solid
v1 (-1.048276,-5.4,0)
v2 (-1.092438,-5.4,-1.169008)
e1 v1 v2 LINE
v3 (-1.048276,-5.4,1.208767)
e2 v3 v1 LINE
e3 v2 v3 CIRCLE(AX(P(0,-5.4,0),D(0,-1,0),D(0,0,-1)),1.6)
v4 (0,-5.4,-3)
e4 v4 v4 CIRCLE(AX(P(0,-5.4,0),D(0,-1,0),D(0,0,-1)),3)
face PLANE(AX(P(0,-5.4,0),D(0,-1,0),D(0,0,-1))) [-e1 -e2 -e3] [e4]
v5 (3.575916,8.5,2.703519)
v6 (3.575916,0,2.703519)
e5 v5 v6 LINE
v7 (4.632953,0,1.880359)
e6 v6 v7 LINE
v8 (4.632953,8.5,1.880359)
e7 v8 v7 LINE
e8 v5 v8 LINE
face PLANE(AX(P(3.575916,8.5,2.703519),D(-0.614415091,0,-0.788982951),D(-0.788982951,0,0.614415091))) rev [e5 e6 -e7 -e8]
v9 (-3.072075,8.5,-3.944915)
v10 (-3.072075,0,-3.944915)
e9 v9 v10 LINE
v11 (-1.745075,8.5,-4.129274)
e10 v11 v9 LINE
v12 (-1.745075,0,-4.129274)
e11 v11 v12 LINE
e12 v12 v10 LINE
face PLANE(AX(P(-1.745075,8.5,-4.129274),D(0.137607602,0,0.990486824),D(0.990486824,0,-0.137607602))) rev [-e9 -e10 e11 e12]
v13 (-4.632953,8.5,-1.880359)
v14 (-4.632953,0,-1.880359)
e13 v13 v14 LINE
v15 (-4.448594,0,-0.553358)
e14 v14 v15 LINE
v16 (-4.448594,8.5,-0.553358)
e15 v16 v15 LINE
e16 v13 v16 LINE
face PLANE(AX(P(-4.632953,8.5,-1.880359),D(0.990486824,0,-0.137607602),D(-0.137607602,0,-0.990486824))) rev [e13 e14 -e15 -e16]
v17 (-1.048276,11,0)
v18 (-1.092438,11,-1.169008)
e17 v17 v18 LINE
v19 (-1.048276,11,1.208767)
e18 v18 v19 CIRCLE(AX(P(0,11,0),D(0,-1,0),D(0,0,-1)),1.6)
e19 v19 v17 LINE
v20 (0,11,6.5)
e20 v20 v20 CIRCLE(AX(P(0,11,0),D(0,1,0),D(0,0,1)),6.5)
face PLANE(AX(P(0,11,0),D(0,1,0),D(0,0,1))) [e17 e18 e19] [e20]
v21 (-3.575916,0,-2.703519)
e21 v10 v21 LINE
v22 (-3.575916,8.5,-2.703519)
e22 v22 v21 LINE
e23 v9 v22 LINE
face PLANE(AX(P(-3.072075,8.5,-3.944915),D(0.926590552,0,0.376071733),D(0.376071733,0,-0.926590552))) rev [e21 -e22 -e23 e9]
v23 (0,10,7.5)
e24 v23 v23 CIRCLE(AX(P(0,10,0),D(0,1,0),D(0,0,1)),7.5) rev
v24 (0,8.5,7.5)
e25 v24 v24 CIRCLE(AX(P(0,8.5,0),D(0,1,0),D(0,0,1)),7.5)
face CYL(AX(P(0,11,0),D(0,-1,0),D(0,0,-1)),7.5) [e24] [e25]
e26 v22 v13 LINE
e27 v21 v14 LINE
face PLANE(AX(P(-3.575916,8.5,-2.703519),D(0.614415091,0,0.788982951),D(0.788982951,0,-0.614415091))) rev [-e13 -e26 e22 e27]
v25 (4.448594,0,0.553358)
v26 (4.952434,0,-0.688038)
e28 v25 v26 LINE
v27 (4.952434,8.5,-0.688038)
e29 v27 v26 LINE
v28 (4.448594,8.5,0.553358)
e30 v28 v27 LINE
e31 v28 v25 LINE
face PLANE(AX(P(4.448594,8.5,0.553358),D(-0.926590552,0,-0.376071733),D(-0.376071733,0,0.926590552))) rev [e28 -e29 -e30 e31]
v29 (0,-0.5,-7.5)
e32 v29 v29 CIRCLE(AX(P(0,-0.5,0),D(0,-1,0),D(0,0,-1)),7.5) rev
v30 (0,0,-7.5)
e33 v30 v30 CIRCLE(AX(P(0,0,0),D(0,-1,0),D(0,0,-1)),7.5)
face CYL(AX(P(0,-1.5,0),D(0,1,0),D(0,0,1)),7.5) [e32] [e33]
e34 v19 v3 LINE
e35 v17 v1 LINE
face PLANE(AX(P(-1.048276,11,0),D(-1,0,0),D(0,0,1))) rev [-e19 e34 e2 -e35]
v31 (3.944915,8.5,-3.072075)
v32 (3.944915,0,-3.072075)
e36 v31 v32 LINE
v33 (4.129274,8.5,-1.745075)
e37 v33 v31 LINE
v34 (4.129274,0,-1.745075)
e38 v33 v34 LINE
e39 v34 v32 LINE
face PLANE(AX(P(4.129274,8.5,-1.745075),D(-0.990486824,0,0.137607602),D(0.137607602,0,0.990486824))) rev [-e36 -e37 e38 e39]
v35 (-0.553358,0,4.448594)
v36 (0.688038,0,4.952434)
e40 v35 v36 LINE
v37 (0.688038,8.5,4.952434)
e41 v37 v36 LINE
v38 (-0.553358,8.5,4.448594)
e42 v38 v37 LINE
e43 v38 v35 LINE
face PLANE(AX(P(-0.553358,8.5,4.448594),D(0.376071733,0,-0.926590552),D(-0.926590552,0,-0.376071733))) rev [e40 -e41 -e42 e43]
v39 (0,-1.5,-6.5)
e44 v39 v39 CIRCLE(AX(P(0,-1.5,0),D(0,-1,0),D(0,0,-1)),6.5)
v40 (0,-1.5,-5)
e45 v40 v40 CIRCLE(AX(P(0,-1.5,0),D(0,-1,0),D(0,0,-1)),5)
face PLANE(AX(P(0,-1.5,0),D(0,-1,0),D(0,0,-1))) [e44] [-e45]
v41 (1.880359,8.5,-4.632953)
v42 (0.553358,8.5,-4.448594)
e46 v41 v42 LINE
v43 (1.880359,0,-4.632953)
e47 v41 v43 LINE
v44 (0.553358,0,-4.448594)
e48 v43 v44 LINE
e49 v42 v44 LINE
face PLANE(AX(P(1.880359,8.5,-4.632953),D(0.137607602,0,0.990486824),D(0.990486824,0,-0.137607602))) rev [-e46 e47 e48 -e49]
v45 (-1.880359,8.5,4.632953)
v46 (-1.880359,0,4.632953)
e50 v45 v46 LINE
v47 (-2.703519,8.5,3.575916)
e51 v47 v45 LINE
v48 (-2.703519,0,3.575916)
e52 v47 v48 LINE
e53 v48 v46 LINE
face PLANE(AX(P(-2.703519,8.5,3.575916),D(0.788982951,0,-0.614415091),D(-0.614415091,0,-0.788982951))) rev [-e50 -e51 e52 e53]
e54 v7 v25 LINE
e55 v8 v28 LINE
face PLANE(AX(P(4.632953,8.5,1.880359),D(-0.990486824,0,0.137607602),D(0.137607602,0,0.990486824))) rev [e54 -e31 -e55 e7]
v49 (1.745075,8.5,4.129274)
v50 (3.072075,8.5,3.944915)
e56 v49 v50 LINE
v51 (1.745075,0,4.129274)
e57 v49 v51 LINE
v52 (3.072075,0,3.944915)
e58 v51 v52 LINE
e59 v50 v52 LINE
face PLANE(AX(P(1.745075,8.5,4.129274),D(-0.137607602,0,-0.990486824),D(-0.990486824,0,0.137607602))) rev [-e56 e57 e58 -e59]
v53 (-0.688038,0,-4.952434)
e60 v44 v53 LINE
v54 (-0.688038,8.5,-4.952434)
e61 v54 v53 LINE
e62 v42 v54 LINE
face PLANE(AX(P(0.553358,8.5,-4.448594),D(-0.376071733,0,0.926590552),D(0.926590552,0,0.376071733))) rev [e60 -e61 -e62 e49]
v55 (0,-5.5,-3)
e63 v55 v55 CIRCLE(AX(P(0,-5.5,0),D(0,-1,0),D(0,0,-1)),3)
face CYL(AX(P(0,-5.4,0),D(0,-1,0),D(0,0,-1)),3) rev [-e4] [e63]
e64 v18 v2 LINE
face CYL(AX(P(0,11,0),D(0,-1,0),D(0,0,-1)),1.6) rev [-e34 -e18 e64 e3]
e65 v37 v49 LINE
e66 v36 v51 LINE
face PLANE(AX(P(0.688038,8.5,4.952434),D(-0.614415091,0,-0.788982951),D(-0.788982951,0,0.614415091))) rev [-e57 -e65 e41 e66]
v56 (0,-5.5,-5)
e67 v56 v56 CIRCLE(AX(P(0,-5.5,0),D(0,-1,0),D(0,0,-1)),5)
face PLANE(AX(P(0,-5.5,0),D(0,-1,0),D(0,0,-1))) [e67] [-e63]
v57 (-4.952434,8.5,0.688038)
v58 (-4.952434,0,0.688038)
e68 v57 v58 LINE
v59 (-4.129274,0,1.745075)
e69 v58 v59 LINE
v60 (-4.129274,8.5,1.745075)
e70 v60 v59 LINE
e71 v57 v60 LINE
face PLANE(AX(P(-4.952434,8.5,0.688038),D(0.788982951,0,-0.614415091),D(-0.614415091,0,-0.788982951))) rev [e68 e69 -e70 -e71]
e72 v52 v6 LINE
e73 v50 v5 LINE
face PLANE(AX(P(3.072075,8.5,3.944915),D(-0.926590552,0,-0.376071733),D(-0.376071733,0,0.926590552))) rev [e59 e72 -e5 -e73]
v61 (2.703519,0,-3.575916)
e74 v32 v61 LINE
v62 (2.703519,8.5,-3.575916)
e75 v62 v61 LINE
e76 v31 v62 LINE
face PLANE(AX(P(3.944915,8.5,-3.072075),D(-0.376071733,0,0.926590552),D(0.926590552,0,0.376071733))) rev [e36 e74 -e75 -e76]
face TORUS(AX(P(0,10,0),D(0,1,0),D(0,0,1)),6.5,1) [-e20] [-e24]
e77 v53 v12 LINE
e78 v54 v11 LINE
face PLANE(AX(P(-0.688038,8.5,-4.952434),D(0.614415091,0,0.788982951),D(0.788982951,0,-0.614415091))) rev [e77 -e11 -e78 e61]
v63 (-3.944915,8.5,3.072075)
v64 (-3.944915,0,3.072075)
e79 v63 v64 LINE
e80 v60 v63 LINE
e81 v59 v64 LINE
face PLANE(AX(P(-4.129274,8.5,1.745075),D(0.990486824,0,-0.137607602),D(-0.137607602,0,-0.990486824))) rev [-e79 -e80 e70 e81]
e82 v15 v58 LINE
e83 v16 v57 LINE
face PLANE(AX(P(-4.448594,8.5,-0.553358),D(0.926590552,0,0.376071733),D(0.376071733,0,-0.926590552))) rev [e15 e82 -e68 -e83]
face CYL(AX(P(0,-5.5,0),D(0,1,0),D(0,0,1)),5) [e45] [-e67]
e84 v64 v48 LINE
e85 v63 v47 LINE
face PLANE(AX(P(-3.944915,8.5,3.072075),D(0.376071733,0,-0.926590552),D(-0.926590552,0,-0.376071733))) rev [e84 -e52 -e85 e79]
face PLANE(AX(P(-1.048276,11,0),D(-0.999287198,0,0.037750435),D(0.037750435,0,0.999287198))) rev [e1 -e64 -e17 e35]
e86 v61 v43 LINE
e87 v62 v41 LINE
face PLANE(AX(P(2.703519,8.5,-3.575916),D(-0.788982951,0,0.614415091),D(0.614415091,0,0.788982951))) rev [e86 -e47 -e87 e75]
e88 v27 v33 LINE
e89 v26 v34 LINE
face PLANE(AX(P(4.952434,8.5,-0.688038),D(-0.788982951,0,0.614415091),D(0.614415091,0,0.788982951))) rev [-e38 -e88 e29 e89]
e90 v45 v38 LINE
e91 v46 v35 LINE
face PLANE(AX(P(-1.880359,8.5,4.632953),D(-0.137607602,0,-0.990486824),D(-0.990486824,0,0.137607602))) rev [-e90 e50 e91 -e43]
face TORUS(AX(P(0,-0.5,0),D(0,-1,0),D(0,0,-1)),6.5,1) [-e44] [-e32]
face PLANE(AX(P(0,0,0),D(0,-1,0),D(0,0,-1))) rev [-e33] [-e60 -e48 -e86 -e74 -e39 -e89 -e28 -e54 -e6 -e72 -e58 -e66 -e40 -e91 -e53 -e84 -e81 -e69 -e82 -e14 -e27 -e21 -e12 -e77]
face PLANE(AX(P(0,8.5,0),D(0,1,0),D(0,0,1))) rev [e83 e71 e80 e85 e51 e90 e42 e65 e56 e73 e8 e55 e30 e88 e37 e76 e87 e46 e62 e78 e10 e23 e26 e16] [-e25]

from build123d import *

# Parameters (mm, degrees)
BOSS_EXTRU_2_DEPTH      = 8.5
ESQUISSE2_R             = 7.5
BOSS_EXTRU_3_DEPTH      = 2.5
BOSS_EXTRU_4_START      = 1.5
ESQUISSE3_R             = 7.5
BOSS_EXTRU_4_DEPTH      = 1.5
ESQUISSE4_R             = 5
BOSS_EXTRU_5_DEPTH      = 4
ESQUISSE6_R             = 3
ENL_V_MAT_EXTRU_2_DEPTH = 0.1
CONG_4_R                = 1
ENL_V_MAT_EXTRU_3_DEPTH = 20.531001075


with BuildPart() as part:
    # Esquisse1 → Boss.-Extru.2 (new body)
    with BuildSketch(Plane(origin=(0, 0, 0), x_dir=(1, 0, 0), z_dir=(0, 1, 0))):
        Polygon((0.553357943, 4.448593533), (-0.688038008, 4.952434119), (-1.74507473, 4.129273982), (-3.072075453, 3.944914754), (-3.575916039, 2.703518803), (-4.632952761, 1.880358666), (-4.448593533, 0.553357943), (-4.952434119, -0.688038008), (-4.129273982, -1.74507473), (-3.944914754, -3.072075453), (-2.703518803, -3.575916039), (-1.880358666, -4.632952761), (-0.553357943, -4.448593533), (0.688038008, -4.952434119), (1.74507473, -4.129273982), (3.072075453, -3.944914754), (3.575916039, -2.703518803), (4.632952761, -1.880358666), (4.448593533, -0.553357943), (4.952434119, 0.688038008), (4.129273982, 1.74507473), (3.944914754, 3.072075453), (2.703518803, 3.575916039), (1.880358666, 4.632952761), align=None)
    extrude(amount=BOSS_EXTRU_2_DEPTH)

    # Esquisse2 → Boss.-Extru.3 (add)
    with BuildSketch(Plane(origin=(0, 8.5, 0), x_dir=(1, 0, 0), z_dir=(0, 1, 0))):
        with Locations(Location((0, 0, 0), (0, 0, 270))):
            Circle(ESQUISSE2_R)
    extrude(amount=BOSS_EXTRU_3_DEPTH)

    # Esquisse3 → Boss.-Extru.4 (add)
    with BuildSketch(Plane.XZ.offset(BOSS_EXTRU_4_START)):
        with Locations(Location((0, 0, 0), (0, 0, 90))):
            Circle(ESQUISSE3_R)
    extrude(amount=-BOSS_EXTRU_4_DEPTH)

    # Esquisse4 → Boss.-Extru.5 (add)
    with BuildSketch(Plane.XZ.offset(1.5)):
        with Locations(Location((0, 0, 0), (0, 0, 270))):
            Circle(ESQUISSE4_R)
    extrude(amount=BOSS_EXTRU_5_DEPTH)

    # Esquisse6 → Enlèv. mat.-Extru.2 (cut)
    with BuildSketch(Plane.XZ.offset(5.5)):
        with Locations(Location((0, 0, 0), (0, 0, 270))):
            Circle(ESQUISSE6_R)
    extrude(amount=-ENL_V_MAT_EXTRU_2_DEPTH, mode=Mode.SUBTRACT)

    # Congé4
    cong_4_edges = [part.edges().sort_by_distance(p)[0] for p in [
        (0, 11, -7.5),
        (0, -1.5, -7.5),
    ]]
    fillet(cong_4_edges, radius=CONG_4_R)

    # Esquisse7 → Enlèv. mat.-Extru.3 (cut, through all)
    with BuildSketch(Plane.XZ.offset(5.4)):
        with BuildLine():
            Line((-1.048275862, 0), (-1.092437897, -1.169007888))
            ThreePointArc((-1.092437897, -1.169007888), (1.599724111, -0.029711421), (-1.048275862, 1.208767023))
            Line((-1.048275862, 1.208767023), (-1.048275862, 0))
        make_face()
    extrude(amount=-ENL_V_MAT_EXTRU_3_DEPTH, mode=Mode.SUBTRACT)


solid = part.part
